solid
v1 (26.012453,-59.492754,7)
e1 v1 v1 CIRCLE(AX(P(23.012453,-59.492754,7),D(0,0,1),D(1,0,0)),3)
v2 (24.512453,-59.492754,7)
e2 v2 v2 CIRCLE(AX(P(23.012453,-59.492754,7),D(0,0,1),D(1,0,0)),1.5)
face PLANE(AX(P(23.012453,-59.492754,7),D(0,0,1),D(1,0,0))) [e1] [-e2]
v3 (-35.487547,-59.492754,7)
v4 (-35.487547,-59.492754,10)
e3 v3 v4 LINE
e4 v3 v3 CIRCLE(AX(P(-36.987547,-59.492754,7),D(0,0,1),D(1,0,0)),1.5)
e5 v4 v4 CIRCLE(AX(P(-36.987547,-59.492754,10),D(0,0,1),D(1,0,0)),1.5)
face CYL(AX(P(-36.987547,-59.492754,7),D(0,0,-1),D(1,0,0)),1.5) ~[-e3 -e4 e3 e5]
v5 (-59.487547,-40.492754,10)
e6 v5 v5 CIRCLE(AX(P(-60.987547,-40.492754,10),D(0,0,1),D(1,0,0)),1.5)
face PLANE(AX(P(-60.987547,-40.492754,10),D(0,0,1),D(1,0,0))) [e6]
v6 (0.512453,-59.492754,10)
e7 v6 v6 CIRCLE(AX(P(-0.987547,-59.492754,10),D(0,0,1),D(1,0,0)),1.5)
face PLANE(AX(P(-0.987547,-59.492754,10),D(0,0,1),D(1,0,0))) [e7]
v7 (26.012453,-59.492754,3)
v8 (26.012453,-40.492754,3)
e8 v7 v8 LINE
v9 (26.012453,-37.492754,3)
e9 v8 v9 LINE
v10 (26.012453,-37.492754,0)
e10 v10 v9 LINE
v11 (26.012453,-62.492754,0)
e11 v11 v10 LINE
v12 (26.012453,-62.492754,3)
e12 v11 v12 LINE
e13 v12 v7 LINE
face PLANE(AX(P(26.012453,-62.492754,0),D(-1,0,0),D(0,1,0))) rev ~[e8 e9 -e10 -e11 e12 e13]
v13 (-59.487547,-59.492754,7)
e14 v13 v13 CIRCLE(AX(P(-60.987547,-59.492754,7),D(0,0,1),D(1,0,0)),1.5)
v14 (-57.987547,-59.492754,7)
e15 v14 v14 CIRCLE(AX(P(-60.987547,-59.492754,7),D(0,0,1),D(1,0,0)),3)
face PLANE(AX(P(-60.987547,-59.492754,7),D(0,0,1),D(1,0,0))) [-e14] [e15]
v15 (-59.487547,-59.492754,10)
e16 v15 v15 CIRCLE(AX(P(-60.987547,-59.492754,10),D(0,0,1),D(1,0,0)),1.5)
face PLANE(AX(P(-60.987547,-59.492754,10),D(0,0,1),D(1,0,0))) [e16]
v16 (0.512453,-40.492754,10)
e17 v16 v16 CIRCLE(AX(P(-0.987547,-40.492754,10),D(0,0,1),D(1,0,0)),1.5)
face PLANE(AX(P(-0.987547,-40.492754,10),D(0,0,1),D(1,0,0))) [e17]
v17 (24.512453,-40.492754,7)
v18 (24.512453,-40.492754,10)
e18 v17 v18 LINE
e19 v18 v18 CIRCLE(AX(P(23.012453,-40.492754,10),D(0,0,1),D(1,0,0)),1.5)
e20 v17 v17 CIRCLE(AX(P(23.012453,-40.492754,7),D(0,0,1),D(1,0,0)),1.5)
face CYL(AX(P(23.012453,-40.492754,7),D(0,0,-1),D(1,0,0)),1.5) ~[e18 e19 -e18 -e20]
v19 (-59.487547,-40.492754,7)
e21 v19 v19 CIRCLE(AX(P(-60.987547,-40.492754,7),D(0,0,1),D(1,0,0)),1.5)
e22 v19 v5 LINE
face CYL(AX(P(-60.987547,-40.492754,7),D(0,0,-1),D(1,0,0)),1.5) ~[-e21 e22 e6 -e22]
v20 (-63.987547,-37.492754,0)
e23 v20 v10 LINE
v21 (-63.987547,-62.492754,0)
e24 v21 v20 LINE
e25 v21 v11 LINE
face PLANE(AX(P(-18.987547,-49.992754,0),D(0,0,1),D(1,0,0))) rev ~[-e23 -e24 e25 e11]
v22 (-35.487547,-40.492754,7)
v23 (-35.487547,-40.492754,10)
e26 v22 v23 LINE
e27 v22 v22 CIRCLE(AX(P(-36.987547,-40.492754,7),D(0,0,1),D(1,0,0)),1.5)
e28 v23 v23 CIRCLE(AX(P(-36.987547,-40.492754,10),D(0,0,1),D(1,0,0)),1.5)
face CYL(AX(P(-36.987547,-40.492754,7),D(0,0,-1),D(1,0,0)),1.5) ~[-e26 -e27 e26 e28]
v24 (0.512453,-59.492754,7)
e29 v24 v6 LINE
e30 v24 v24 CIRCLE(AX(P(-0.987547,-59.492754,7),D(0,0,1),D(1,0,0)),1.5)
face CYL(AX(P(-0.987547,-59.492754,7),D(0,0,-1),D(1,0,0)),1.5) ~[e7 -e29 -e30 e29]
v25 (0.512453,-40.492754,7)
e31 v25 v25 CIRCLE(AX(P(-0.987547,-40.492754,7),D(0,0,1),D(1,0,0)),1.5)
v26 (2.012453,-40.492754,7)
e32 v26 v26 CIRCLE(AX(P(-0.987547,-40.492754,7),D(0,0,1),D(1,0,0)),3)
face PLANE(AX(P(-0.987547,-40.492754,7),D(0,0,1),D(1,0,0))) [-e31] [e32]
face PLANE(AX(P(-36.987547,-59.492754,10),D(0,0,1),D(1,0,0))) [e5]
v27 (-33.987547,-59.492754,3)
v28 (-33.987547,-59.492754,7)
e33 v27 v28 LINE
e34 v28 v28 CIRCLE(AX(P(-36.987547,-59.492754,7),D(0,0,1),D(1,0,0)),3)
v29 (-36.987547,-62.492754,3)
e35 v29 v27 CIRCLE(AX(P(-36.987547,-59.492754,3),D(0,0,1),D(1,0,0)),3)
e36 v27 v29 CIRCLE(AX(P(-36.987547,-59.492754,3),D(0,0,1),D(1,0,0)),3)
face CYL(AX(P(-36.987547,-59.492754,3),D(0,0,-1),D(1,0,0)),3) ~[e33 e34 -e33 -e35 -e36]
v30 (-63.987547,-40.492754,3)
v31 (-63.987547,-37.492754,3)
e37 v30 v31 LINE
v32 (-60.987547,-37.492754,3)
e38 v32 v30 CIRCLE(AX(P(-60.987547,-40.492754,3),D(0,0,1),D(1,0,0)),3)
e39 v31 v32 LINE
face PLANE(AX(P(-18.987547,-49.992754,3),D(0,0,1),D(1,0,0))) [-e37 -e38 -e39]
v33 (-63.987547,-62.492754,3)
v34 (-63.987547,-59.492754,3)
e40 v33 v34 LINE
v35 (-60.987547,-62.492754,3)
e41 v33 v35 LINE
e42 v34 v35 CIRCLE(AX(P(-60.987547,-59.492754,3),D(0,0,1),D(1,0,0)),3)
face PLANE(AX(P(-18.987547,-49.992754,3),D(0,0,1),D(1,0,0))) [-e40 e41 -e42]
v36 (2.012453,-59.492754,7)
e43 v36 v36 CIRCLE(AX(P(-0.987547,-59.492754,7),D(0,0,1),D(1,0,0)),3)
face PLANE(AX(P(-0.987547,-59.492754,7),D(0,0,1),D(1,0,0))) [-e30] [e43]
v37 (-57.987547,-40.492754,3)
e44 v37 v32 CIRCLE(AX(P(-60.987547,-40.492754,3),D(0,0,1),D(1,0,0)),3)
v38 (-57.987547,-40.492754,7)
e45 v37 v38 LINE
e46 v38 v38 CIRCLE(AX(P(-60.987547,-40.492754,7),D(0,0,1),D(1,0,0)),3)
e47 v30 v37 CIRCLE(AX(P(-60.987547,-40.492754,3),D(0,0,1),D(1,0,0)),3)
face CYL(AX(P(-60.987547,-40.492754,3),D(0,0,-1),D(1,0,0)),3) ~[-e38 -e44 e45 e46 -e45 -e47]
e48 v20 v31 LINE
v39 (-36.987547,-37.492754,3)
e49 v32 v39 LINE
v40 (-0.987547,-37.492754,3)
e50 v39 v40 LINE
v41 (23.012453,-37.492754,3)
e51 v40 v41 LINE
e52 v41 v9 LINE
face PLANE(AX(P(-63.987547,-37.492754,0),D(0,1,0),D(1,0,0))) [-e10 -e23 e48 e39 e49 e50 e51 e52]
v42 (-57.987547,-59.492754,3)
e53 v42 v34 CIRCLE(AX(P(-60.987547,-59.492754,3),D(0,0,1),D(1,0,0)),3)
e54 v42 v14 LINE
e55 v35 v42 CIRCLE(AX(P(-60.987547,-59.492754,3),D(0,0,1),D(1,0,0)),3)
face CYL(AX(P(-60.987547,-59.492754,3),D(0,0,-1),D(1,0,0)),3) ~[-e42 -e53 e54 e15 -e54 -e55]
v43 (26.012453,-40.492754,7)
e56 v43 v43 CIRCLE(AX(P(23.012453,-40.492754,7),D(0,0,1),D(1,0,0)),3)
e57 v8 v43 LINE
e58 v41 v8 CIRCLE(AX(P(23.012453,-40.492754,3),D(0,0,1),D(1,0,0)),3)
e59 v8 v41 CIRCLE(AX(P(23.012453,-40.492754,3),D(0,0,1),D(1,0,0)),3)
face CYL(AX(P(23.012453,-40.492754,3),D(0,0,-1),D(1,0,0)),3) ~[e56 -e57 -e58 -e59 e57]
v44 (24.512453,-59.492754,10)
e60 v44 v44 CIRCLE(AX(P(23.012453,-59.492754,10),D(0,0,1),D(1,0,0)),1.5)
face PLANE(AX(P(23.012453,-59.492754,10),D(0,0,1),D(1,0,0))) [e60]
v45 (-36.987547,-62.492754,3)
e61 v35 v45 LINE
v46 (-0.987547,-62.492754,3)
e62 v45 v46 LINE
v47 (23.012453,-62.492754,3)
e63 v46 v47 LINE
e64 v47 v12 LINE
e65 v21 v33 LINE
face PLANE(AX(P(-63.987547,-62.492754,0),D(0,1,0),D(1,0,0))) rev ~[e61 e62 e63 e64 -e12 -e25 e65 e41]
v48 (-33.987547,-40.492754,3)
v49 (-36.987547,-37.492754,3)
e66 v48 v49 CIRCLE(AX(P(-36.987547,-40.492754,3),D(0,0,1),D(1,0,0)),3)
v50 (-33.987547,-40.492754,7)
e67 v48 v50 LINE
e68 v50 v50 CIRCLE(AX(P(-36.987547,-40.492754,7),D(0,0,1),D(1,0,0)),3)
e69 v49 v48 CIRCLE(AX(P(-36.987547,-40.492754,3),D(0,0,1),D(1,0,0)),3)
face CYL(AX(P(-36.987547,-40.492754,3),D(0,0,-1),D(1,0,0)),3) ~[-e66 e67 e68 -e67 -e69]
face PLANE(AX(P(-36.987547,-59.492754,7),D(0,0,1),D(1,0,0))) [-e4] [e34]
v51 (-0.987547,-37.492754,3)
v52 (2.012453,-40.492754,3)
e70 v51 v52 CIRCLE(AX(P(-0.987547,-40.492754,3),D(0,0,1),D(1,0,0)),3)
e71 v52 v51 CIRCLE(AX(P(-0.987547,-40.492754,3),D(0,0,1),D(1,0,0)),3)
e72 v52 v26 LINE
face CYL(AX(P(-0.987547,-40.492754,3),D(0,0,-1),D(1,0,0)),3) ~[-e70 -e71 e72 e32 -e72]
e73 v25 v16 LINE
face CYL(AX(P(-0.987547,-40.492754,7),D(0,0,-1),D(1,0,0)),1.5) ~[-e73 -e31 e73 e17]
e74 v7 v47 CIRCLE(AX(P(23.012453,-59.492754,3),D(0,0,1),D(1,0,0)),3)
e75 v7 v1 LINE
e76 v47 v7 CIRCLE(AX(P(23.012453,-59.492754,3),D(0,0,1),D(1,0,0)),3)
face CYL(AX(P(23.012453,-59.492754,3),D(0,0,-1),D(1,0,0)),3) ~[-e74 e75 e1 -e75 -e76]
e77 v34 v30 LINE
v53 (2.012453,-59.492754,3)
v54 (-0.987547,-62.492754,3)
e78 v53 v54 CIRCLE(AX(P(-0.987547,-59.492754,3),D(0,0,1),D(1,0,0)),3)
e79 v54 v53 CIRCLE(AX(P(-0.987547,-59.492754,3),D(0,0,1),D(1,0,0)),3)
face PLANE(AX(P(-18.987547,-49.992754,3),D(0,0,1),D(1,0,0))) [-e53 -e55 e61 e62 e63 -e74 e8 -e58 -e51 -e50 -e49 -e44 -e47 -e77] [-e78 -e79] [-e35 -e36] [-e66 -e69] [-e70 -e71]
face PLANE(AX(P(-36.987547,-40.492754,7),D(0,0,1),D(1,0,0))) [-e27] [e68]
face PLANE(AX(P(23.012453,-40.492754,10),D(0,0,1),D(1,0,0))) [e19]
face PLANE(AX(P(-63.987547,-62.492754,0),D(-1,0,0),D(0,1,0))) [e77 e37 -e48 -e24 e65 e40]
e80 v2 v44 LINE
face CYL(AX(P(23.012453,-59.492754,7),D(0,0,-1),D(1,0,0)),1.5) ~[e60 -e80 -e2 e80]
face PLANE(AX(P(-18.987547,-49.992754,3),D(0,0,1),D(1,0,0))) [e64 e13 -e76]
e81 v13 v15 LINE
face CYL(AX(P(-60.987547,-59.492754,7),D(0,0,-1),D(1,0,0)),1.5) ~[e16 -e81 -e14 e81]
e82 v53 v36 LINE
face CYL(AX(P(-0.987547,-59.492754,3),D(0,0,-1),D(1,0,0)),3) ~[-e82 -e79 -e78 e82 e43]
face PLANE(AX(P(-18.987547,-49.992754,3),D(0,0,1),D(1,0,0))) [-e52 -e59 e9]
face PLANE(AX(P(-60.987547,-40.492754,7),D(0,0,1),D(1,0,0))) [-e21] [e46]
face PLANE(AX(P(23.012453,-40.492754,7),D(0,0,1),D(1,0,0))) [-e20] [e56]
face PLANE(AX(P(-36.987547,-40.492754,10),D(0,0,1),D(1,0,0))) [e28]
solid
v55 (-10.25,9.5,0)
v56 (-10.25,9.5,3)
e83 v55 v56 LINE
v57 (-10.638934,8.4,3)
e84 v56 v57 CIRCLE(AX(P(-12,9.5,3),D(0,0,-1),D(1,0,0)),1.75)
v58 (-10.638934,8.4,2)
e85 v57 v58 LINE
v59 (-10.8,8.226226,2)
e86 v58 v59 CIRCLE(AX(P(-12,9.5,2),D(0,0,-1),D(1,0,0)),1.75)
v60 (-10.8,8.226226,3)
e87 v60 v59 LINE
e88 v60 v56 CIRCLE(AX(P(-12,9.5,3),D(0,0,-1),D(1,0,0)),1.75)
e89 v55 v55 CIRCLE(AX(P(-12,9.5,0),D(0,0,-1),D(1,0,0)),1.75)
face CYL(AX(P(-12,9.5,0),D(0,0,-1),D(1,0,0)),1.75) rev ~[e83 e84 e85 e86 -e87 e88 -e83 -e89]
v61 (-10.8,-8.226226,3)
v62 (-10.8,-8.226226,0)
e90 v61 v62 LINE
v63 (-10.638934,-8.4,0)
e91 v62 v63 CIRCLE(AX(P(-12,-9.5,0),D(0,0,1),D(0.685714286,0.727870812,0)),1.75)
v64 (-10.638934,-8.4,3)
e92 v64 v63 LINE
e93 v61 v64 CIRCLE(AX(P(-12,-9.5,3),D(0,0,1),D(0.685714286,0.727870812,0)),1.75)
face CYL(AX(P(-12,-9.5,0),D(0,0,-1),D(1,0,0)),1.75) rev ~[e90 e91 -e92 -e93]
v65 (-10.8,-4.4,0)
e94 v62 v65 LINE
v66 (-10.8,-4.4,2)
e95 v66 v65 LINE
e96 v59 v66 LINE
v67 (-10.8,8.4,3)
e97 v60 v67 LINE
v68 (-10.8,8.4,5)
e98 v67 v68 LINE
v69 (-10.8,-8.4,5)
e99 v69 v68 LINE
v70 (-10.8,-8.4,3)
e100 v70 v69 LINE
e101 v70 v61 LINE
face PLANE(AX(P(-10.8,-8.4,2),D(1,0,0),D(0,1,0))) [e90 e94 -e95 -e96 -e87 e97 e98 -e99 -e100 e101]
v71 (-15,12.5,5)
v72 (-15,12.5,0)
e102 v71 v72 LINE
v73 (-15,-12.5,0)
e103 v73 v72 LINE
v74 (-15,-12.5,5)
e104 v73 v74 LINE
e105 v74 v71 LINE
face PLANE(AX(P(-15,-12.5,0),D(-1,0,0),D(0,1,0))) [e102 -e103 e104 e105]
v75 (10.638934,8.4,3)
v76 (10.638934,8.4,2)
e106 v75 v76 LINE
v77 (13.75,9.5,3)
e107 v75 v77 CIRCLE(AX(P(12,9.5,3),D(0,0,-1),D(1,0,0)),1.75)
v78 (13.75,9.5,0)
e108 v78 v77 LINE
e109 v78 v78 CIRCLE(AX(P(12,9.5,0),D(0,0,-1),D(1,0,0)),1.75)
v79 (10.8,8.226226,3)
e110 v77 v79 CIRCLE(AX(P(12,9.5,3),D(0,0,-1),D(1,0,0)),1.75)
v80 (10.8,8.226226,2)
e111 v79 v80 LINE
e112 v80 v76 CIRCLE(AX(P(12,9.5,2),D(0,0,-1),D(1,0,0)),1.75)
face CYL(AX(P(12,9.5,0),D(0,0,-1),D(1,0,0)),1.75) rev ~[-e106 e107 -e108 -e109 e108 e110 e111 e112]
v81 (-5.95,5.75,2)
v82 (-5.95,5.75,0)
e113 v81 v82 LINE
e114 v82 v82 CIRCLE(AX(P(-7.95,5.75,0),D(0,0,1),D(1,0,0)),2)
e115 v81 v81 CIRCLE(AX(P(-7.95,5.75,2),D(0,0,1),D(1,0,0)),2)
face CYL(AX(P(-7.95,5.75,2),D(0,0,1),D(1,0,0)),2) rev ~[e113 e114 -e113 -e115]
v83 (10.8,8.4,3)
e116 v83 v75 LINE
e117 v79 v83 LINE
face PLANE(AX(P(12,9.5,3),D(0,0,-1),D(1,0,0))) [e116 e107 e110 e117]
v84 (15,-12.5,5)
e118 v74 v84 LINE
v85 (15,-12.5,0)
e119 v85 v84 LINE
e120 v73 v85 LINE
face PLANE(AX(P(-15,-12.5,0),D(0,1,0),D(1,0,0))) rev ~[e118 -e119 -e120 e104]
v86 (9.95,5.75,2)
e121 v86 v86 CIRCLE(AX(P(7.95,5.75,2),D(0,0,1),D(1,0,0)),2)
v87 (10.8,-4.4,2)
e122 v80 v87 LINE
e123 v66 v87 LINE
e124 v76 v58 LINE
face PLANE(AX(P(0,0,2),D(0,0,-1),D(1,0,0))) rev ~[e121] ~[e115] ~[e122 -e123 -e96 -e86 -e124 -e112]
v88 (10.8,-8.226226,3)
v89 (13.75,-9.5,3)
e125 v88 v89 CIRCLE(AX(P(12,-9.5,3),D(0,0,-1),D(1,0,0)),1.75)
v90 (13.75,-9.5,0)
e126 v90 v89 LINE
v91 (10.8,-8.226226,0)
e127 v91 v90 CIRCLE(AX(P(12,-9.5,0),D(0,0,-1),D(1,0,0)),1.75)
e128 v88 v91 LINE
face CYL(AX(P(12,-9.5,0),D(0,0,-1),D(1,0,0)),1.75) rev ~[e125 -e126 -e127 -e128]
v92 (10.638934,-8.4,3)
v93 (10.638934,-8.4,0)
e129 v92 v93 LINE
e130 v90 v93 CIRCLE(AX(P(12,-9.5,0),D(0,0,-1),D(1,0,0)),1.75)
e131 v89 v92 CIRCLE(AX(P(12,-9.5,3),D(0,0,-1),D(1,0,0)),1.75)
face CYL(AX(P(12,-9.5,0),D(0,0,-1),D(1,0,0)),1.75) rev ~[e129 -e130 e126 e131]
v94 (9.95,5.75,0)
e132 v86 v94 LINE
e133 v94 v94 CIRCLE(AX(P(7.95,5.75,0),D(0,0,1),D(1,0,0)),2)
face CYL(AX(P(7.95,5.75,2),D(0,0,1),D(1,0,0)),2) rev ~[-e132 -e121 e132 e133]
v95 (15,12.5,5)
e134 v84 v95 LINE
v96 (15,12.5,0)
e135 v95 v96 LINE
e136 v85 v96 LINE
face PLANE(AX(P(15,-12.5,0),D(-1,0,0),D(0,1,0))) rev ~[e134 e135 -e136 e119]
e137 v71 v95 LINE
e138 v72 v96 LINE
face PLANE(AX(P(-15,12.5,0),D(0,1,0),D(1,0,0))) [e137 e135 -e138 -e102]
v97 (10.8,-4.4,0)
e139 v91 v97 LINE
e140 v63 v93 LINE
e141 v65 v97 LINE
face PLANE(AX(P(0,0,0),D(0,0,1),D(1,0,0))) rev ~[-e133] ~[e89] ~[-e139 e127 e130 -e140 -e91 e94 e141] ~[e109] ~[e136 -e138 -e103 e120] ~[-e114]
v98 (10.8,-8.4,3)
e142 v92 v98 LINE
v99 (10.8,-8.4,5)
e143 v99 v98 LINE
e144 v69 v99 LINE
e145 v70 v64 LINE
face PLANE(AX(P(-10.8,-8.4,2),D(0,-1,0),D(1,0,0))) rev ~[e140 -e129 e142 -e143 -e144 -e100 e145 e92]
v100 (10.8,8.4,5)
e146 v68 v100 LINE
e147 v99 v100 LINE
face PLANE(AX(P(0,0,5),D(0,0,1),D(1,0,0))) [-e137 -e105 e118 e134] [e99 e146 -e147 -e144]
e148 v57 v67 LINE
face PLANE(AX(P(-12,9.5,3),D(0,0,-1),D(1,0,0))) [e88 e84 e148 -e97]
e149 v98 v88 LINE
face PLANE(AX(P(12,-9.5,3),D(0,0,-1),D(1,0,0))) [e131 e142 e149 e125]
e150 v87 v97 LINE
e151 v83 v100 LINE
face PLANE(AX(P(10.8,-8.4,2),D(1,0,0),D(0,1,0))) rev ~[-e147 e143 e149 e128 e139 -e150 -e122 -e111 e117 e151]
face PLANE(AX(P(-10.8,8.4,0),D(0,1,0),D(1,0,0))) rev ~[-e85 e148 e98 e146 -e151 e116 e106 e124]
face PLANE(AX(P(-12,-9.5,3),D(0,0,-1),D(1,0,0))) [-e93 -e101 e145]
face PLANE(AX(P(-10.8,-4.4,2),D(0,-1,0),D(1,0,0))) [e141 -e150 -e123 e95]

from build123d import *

# Parameters (mm, degrees)
F0_W      = 30
F0_H      = 25
F0_W_2    = 21.6
F0_H_2    = 16.8
F1_DEPTH  = 5
F2_W      = 30
F2_H      = 25
F3_DEPTH  = 2
F4_W      = 21.6
F4_H      = 4
F5_DEPTH  = 2
F6_R      = 2
F7_DEPTH  = 2
F8_W      = 90
F8_H      = 25
F9_DEPTH  = 3
F10_R     = 3
F11_DEPTH = 4
F12_R     = 1.75
F13_DEPTH = 3
F14_R     = 1.5
F15_DEPTH = 3


with BuildPart() as f1:
    # F0 (on Top) → F1 (new body)
    with BuildSketch(Plane.XY):
        Rectangle(F0_W, F0_H)
        Rectangle(F0_W_2, F0_H_2, mode=Mode.SUBTRACT)
    extrude(amount=F1_DEPTH)

    # F2 (on face) → F3 (join)
    with BuildSketch(Plane(origin=(0, 0, 0), x_dir=(1, 0, 0), z_dir=(0, 0, -1))):
        Rectangle(F2_W, F2_H)
    extrude(amount=-F3_DEPTH)

    # F4 (on face) → F5 (cut, through all)
    with BuildSketch(Plane.XY.offset(2)):
        with Locations((0, -6.4)):
            Rectangle(F4_W, F4_H)
    extrude(amount=-F5_DEPTH, mode=Mode.SUBTRACT)

    # F6 (on face) → F7 (cut, through all)
    with BuildSketch(Plane.XY.offset(2)):
        with Locations((-7.95, 5.75)):
            Circle(F6_R)
        with Locations((7.95, 5.75)):
            Circle(F6_R)
    extrude(amount=-F7_DEPTH, mode=Mode.SUBTRACT)

    # F12 (on face) → F13 (cut)
    with BuildSketch(Plane(origin=(0, 0, 0), x_dir=(1, 0, 0), z_dir=(0, 0, -1))):
        with Locations((-12, 9.5)):
            Circle(F12_R)
        with Locations((12, 9.5)):
            Circle(F12_R)
        with Locations((12, -9.5)):
            Circle(F12_R)
        with Locations((-12, -9.5)):
            Circle(F12_R)
    extrude(amount=-F13_DEPTH, mode=Mode.SUBTRACT)


with BuildPart() as f9:
    # F8 (on Top) → F9 (new body)
    with BuildSketch(Plane.XY):
        with Locations((-18.987547, -49.992754)):
            Rectangle(F8_W, F8_H)
    extrude(amount=F9_DEPTH)

    # F10 (on face) → F11 (join)
    with BuildSketch(Plane.XY.offset(3)):
        with Locations((-60.987547, -40.492754)):
            Circle(F10_R)
        with Locations((-36.987547, -40.492754)):
            Circle(F10_R)
        with Locations((-36.987547, -59.492754)):
            Circle(F10_R)
        with Locations((-60.987547, -59.492754)):
            Circle(F10_R)
        with Locations((-0.987547, -40.492754)):
            Circle(F10_R)
        with Locations((-0.987547, -59.492754)):
            Circle(F10_R)
        with Locations((23.012453, -40.492754)):
            Circle(F10_R)
        with Locations((23.012453, -59.492754)):
            Circle(F10_R)
    extrude(amount=F11_DEPTH)

    # F14 (on face) → F15 (join)
    with BuildSketch(Plane.XY.offset(7)):
        with Locations((-60.987547, -40.492754)):
            Circle(F14_R)
        with Locations((-60.987547, -59.492754)):
            Circle(F14_R)
        with Locations((-36.987547, -40.492754)):
            Circle(F14_R)
        with Locations((-36.987547, -59.492754)):
            Circle(F14_R)
        with Locations((-0.987547, -40.492754)):
            Circle(F14_R)
        with Locations((-0.987547, -59.492754)):
            Circle(F14_R)
        with Locations((23.012453, -40.492754)):
            Circle(F14_R)
        with Locations((23.012453, -59.492754)):
            Circle(F14_R)
    extrude(amount=F15_DEPTH)


solid = Compound([f1.part, f9.part])
